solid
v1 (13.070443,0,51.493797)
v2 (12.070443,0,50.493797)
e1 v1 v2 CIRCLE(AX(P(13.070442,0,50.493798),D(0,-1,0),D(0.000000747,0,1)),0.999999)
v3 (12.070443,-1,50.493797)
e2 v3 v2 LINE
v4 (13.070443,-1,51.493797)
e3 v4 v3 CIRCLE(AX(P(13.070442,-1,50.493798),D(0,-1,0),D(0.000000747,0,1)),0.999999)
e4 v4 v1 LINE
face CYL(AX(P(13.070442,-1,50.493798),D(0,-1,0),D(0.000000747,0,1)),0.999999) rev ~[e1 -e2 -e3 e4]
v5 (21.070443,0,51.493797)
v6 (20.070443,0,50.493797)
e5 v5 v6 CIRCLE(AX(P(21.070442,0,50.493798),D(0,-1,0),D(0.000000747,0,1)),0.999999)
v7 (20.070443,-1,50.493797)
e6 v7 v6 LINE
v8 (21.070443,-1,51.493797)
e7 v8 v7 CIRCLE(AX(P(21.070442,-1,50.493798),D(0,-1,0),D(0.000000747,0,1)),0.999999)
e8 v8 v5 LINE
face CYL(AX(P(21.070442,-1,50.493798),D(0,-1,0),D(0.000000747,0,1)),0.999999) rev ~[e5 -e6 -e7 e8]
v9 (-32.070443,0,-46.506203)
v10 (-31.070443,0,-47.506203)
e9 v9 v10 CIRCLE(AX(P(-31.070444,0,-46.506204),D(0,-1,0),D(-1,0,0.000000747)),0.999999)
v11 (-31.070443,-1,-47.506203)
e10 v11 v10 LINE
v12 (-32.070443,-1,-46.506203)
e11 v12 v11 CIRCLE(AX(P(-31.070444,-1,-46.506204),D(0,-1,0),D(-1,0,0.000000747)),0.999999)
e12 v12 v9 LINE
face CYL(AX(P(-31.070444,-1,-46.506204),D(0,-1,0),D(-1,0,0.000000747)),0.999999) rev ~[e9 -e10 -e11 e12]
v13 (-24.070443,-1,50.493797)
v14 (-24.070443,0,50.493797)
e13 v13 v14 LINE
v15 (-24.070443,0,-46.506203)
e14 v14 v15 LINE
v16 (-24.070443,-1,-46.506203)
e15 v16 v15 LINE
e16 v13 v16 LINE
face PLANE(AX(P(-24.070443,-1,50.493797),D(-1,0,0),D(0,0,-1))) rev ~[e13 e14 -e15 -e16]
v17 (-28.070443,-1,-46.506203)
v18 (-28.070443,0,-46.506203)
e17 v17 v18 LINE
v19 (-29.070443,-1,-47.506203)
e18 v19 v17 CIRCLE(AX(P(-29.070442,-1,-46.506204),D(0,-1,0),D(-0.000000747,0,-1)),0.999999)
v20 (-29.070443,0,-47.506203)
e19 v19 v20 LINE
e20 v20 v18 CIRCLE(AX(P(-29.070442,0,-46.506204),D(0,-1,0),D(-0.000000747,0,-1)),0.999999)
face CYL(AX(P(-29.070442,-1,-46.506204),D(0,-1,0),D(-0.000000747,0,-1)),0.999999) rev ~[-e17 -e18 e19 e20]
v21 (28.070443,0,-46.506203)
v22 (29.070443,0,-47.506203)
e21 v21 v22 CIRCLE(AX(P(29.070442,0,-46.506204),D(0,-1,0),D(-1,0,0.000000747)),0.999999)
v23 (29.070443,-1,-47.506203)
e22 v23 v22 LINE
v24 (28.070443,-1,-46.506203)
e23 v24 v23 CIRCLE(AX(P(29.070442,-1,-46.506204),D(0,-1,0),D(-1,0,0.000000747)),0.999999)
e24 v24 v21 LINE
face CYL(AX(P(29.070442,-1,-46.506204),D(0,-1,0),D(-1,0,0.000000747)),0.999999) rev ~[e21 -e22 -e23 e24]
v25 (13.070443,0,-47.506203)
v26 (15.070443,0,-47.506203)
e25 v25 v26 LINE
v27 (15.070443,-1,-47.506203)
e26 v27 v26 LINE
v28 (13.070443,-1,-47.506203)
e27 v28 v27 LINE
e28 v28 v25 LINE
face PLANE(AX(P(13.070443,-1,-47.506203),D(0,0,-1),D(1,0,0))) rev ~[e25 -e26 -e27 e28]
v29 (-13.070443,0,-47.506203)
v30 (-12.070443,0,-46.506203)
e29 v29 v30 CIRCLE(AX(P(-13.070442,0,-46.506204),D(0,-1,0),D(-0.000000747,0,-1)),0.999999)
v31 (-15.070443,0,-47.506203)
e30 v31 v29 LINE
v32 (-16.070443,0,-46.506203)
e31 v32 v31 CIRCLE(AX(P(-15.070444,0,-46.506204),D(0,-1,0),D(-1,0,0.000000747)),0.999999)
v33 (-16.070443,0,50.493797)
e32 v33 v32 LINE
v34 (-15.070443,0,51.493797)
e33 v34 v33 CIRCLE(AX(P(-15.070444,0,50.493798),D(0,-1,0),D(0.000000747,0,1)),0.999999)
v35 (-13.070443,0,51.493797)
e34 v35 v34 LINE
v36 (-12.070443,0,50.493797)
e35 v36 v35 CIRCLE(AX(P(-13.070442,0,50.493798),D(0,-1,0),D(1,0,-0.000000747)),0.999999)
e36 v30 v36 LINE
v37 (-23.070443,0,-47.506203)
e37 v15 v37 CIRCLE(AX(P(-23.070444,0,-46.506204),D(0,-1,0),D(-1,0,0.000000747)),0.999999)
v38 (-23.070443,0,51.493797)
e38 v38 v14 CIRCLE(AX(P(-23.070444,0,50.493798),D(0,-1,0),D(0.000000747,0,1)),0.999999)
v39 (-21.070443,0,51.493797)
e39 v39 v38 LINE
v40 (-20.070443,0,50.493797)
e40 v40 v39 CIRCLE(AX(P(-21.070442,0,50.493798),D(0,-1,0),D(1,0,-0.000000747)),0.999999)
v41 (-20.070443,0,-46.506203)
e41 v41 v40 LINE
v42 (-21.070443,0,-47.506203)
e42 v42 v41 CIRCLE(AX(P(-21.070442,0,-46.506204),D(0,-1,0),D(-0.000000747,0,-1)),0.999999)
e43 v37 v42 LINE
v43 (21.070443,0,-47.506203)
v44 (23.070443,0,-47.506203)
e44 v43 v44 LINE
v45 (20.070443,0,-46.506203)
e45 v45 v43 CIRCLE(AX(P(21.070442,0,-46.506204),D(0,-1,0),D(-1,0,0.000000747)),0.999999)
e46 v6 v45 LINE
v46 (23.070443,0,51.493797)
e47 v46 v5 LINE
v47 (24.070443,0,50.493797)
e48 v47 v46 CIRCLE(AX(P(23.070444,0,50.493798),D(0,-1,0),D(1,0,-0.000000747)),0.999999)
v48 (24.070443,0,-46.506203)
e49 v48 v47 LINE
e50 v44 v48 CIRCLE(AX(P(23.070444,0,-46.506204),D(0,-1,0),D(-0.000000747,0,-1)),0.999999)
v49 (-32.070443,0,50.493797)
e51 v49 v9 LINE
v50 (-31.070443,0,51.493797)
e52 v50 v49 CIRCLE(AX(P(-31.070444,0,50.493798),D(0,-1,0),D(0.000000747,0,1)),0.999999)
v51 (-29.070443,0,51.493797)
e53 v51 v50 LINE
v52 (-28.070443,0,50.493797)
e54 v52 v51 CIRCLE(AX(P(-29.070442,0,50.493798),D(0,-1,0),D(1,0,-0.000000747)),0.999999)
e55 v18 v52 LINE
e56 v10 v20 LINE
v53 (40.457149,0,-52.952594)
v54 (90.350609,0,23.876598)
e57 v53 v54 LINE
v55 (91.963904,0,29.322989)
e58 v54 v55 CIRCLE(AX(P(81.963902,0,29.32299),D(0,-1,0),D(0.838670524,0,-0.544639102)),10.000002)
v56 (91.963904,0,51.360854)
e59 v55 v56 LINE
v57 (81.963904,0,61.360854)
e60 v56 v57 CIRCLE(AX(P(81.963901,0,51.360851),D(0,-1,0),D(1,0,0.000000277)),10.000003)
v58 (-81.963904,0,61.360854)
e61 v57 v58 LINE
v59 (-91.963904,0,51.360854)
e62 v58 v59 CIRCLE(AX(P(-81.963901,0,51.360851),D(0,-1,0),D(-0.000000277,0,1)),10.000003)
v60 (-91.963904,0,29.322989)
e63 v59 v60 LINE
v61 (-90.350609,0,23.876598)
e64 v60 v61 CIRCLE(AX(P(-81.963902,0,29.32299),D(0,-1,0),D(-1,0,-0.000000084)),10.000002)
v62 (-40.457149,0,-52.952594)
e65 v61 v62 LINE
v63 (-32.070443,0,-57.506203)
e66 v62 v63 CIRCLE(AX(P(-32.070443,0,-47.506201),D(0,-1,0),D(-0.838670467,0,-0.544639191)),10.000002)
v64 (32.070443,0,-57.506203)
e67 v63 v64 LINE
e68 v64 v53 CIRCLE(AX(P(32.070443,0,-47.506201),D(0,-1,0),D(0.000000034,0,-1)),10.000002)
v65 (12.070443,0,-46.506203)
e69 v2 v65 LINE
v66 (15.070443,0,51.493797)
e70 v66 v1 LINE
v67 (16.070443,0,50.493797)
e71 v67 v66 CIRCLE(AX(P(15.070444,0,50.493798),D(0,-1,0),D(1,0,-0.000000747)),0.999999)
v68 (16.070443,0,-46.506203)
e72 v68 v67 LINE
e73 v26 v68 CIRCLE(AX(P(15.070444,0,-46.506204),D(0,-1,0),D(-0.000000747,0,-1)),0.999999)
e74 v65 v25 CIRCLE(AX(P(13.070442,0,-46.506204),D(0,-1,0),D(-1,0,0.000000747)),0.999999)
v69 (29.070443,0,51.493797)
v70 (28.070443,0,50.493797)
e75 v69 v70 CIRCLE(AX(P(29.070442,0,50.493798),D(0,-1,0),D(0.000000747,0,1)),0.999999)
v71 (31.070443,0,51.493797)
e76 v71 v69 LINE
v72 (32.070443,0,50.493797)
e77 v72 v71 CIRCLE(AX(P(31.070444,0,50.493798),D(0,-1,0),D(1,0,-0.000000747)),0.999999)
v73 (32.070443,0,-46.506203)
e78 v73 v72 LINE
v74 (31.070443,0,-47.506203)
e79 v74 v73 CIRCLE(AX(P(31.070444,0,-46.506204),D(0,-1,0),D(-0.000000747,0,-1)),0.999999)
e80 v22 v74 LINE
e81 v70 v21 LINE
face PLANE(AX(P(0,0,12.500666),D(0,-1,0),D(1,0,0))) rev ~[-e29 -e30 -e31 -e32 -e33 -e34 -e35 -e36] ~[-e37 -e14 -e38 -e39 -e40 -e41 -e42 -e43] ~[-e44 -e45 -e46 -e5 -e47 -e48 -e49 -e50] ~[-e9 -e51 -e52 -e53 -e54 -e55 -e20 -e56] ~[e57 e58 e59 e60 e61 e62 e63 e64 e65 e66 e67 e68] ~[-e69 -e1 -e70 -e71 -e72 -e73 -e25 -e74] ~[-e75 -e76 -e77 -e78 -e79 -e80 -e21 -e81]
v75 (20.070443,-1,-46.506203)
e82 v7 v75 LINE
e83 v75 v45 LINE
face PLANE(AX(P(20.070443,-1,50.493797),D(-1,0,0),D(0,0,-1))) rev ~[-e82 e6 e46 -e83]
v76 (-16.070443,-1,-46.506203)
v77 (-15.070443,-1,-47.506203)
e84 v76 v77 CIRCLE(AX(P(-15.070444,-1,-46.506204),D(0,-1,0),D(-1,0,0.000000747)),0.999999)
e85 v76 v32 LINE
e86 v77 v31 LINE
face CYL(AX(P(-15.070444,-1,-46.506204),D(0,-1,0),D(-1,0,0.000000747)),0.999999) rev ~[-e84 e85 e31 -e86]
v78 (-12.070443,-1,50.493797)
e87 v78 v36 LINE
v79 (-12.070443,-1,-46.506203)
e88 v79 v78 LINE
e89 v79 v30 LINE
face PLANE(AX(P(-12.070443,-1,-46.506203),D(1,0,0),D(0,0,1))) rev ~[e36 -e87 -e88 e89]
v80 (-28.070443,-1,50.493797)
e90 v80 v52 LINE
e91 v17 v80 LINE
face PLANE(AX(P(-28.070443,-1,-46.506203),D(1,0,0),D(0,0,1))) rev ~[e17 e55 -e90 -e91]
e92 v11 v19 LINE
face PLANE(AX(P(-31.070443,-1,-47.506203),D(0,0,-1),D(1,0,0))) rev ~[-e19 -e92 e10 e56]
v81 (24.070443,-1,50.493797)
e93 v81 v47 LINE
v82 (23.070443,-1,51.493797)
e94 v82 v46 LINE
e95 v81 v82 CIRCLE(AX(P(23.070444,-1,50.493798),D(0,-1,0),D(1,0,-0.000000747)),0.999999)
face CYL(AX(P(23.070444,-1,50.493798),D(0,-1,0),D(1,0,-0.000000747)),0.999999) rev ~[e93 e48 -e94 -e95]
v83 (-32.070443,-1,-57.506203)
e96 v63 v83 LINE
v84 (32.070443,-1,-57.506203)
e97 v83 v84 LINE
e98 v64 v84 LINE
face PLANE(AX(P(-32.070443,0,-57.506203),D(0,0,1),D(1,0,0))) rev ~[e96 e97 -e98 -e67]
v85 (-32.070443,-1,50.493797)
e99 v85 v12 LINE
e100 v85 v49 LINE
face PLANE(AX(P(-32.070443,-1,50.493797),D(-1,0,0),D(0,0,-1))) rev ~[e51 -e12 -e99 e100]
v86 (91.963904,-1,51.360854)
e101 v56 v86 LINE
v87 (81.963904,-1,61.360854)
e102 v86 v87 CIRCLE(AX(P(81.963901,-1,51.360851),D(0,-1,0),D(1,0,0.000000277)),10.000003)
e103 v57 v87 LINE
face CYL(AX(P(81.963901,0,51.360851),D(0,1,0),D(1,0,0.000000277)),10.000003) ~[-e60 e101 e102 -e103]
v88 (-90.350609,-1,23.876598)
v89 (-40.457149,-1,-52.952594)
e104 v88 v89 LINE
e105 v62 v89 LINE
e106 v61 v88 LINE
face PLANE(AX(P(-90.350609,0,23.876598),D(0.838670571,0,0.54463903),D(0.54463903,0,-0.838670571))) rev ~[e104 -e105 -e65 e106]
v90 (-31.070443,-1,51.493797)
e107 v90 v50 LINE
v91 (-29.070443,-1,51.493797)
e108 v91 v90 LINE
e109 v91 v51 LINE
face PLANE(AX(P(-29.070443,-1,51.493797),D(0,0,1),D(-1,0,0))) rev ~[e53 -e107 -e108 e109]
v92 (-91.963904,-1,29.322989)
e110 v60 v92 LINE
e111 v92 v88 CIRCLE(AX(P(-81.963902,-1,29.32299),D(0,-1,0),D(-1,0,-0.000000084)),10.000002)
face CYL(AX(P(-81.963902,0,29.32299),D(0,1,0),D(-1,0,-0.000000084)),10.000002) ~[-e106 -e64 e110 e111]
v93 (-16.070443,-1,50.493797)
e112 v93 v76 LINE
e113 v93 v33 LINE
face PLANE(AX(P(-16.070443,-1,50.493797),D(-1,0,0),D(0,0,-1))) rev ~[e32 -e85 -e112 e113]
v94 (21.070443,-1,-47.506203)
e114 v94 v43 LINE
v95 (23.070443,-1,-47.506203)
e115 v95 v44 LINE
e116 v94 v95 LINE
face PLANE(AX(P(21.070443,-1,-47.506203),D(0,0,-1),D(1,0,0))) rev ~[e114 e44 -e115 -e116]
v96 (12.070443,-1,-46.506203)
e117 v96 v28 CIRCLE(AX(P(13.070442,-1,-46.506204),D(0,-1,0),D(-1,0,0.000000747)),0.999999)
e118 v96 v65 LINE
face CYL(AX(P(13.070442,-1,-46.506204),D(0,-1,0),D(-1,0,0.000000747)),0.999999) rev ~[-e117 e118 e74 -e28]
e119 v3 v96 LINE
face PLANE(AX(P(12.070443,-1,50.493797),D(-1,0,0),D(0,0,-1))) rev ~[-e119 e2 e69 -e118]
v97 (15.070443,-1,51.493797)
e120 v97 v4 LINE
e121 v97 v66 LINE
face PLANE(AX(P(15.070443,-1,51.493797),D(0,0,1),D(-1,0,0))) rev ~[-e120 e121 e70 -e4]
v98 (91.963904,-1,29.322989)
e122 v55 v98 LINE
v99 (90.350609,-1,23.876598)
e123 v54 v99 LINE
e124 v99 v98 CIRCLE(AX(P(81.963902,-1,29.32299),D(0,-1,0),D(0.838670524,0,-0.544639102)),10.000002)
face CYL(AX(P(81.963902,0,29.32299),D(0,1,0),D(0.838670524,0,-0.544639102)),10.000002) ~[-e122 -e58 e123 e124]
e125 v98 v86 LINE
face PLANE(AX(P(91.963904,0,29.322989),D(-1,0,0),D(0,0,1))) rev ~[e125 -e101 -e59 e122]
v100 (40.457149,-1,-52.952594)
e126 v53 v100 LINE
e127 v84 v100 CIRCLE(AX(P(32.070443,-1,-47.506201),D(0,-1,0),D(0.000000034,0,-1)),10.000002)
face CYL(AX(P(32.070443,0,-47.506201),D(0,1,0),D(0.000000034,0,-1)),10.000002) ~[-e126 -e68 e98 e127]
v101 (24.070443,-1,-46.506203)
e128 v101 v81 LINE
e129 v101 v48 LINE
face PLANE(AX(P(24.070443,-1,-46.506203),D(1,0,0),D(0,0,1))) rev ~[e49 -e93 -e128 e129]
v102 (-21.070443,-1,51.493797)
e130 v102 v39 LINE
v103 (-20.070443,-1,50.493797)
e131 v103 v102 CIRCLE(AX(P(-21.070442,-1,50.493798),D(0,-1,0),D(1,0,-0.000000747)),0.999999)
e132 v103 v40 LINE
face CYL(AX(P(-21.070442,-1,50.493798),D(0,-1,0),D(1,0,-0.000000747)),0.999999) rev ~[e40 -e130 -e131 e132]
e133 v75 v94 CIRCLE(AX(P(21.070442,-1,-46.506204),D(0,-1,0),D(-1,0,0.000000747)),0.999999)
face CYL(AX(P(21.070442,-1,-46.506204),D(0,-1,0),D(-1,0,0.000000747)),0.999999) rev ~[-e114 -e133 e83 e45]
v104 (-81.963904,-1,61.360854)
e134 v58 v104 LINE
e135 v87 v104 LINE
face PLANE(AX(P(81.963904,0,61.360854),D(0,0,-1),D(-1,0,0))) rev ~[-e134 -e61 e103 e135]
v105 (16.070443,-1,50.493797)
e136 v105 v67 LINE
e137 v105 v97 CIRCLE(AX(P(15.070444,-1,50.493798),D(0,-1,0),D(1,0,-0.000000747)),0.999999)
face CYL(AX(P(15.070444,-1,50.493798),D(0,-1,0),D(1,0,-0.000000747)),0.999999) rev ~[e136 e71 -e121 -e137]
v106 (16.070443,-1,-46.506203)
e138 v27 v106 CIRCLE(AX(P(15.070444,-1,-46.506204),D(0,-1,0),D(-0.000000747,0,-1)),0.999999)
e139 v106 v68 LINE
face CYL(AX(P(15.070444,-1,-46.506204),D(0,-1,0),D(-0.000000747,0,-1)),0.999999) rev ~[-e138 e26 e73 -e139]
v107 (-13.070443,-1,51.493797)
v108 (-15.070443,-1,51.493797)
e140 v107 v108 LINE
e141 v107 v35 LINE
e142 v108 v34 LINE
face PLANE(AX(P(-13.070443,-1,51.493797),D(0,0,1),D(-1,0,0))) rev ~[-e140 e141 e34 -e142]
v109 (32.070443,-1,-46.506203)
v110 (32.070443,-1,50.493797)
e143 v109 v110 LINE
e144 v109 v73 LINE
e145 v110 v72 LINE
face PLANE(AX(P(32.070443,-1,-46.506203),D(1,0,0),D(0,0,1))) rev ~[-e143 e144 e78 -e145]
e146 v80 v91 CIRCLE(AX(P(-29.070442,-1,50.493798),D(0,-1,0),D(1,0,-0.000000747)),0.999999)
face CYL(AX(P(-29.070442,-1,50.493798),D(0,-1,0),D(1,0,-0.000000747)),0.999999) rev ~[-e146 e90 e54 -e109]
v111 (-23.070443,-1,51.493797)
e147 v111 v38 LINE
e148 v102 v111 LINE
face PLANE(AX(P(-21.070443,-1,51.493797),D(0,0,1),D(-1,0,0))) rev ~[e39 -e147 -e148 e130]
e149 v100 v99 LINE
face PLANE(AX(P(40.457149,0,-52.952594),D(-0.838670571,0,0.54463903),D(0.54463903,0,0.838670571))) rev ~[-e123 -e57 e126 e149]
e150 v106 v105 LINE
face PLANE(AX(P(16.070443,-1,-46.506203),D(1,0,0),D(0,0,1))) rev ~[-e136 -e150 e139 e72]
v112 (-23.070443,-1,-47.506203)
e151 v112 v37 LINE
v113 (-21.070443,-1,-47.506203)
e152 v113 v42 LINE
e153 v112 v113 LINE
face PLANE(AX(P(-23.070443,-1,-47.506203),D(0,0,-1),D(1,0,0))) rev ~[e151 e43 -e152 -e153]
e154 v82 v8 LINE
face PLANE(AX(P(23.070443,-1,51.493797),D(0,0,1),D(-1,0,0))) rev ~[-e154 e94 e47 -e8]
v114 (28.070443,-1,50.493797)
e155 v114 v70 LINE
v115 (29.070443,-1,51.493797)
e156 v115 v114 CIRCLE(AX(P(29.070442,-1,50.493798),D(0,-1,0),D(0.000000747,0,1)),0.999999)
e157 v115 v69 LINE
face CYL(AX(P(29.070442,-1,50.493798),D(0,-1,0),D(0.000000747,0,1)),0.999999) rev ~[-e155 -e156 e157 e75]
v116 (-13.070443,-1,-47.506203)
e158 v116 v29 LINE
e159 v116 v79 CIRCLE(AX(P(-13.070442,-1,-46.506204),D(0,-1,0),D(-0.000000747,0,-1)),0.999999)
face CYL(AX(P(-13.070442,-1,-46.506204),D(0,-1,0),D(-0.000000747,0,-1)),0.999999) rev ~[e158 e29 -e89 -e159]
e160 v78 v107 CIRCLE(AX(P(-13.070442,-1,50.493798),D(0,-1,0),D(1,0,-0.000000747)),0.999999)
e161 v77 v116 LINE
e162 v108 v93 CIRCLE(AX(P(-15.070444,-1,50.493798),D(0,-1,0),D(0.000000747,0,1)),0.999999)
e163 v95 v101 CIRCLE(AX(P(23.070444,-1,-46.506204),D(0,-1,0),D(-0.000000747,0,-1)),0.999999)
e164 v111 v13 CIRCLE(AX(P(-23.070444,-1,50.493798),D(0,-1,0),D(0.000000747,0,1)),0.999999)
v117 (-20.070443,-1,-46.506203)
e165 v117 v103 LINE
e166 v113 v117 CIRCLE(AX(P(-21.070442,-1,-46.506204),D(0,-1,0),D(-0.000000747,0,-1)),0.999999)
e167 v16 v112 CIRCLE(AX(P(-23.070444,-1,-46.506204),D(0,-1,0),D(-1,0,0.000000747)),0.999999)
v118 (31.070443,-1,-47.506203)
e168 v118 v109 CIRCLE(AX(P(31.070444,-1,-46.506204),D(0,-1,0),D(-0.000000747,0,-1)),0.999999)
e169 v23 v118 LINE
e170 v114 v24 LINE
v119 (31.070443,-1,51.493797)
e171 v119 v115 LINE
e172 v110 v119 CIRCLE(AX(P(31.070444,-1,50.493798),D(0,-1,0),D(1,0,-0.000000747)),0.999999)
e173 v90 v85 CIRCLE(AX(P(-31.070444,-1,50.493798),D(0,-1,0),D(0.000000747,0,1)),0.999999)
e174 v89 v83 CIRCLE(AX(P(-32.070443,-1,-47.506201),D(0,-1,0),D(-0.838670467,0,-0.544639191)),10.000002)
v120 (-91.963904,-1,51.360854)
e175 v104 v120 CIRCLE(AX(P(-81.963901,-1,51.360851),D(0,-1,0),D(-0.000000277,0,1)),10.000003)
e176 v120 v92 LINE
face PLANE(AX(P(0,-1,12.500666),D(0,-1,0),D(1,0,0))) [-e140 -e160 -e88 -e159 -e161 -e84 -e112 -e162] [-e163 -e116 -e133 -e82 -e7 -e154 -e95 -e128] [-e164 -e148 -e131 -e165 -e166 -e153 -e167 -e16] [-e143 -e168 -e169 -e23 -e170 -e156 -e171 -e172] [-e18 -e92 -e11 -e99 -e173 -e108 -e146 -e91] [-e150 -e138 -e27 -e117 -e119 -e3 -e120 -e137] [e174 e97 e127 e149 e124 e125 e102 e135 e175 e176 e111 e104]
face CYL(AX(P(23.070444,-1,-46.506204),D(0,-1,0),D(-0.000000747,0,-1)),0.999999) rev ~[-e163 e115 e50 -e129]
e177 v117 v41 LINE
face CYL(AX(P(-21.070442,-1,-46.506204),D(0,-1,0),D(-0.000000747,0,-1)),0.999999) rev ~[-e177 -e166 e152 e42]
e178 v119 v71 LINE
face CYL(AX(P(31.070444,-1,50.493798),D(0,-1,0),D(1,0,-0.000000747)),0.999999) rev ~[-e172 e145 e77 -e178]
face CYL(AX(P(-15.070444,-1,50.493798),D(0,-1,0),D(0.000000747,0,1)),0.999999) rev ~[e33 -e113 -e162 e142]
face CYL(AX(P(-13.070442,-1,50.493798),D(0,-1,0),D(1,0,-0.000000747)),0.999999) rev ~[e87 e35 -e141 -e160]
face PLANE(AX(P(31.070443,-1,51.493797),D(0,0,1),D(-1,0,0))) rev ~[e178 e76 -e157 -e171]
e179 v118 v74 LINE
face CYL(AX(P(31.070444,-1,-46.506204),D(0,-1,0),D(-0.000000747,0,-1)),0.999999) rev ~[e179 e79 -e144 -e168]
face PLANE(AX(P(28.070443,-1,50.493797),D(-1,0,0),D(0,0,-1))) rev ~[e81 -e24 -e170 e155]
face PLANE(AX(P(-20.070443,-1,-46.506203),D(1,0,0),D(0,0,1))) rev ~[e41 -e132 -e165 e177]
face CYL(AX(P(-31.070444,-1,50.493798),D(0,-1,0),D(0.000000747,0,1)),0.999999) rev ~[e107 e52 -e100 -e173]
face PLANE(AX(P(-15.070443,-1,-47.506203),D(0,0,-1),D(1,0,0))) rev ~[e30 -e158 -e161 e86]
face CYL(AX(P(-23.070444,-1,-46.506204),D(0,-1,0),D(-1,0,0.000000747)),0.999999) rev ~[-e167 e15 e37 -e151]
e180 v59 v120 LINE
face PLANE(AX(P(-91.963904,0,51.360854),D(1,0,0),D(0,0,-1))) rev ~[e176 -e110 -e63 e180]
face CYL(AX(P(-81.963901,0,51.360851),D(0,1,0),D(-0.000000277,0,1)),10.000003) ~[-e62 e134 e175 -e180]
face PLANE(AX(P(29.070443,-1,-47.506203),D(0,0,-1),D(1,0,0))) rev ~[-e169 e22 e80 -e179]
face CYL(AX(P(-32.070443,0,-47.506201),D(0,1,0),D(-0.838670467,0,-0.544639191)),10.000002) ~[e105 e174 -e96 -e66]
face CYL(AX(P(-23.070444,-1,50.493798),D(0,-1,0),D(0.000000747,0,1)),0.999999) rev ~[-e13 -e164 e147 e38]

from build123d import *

# Parameters (mm, degrees)
F1_DEPTH = 1
F3_DEPTH = 1.001


with BuildPart() as f1:
    # F0 (on Front) → F1 (new body)
    with BuildSketch(Plane.XZ):
        with BuildLine():
            Line((-32.070443, -57.506203), (0, -57.506203))
            Line((0, -57.506203), (32.070443, -57.506203))
            ThreePointArc((32.070443, -57.506203), (36.842031, -56.294374), (40.457149, -52.952594))
            Line((40.457149, -52.952594), (90.350609, 23.876598))
            ThreePointArc((90.350609, 23.876598), (91.552101, 26.482835), (91.963904, 29.322989))
            Line((91.963904, 29.322989), (91.963904, 51.360854))
            ThreePointArc((91.963904, 51.360854), (89.034971, 58.431921), (81.963904, 61.360854))
            Line((81.963904, 61.360854), (-81.963904, 61.360854))
            ThreePointArc((-81.963904, 61.360854), (-89.034971, 58.431921), (-91.963904, 51.360854))
            Line((-91.963904, 51.360854), (-91.963904, 29.322989))
            ThreePointArc((-91.963904, 29.322989), (-91.552101, 26.482835), (-90.350609, 23.876598))
            Line((-90.350609, 23.876598), (-40.457149, -52.952594))
            ThreePointArc((-40.457149, -52.952594), (-36.842031, -56.294374), (-32.070443, -57.506203))
        make_face()
    extrude(amount=F1_DEPTH)

    # F2 (on face) → F3 (cut, through all)
    with BuildSketch(Plane.XZ.offset(1)):
        with BuildLine():
            ThreePointArc((-32.070443, -46.506203), (-31.77755, -47.21331), (-31.070443, -47.506203))
            Line((-31.070443, -47.506203), (-29.070443, -47.506203))
            ThreePointArc((-29.070443, -47.506203), (-28.363336, -47.21331), (-28.070443, -46.506203))
            Line((-28.070443, -46.506203), (-28.070443, 50.493797))
            ThreePointArc((-28.070443, 50.493797), (-28.363336, 51.200904), (-29.070443, 51.493797))
            Line((-29.070443, 51.493797), (-31.070443, 51.493797))
            ThreePointArc((-31.070443, 51.493797), (-31.77755, 51.200904), (-32.070443, 50.493797))
            Line((-32.070443, 50.493797), (-32.070443, -46.506203))
        make_face()
        with BuildLine():
            ThreePointArc((-24.070443, -46.506203), (-23.77755, -47.21331), (-23.070443, -47.506203))
            Line((-23.070443, -47.506203), (-21.070443, -47.506203))
            ThreePointArc((-21.070443, -47.506203), (-20.363336, -47.21331), (-20.070443, -46.506203))
            Line((-20.070443, -46.506203), (-20.070443, 50.493797))
            ThreePointArc((-20.070443, 50.493797), (-20.363336, 51.200904), (-21.070443, 51.493797))
            Line((-21.070443, 51.493797), (-23.070443, 51.493797))
            ThreePointArc((-23.070443, 51.493797), (-23.77755, 51.200904), (-24.070443, 50.493797))
            Line((-24.070443, 50.493797), (-24.070443, -46.506203))
        make_face()
        with BuildLine():
            ThreePointArc((-16.070443, -46.506203), (-15.77755, -47.21331), (-15.070443, -47.506203))
            Line((-15.070443, -47.506203), (-13.070443, -47.506203))
            ThreePointArc((-13.070443, -47.506203), (-12.363336, -47.21331), (-12.070443, -46.506203))
            Line((-12.070443, -46.506203), (-12.070443, 50.493797))
            ThreePointArc((-12.070443, 50.493797), (-12.363336, 51.200904), (-13.070443, 51.493797))
            Line((-13.070443, 51.493797), (-15.070443, 51.493797))
            ThreePointArc((-15.070443, 51.493797), (-15.77755, 51.200904), (-16.070443, 50.493797))
            Line((-16.070443, 50.493797), (-16.070443, -46.506203))
        make_face()
        with BuildLine():
            ThreePointArc((15.070443, -47.506203), (15.77755, -47.21331), (16.070443, -46.506203))
            Line((16.070443, -46.506203), (16.070443, 50.493797))
            ThreePointArc((16.070443, 50.493797), (15.77755, 51.200904), (15.070443, 51.493797))
            Line((15.070443, 51.493797), (13.070443, 51.493797))
            ThreePointArc((13.070443, 51.493797), (12.363336, 51.200904), (12.070443, 50.493797))
            Line((12.070443, 50.493797), (12.070443, -46.506203))
            ThreePointArc((12.070443, -46.506203), (12.363336, -47.21331), (13.070443, -47.506203))
            Line((13.070443, -47.506203), (15.070443, -47.506203))
        make_face()
        with BuildLine():
            ThreePointArc((20.070443, -46.506203), (20.363336, -47.21331), (21.070443, -47.506203))
            Line((21.070443, -47.506203), (23.070443, -47.506203))
            ThreePointArc((23.070443, -47.506203), (23.77755, -47.21331), (24.070443, -46.506203))
            Line((24.070443, -46.506203), (24.070443, 50.493797))
            ThreePointArc((24.070443, 50.493797), (23.77755, 51.200904), (23.070443, 51.493797))
            Line((23.070443, 51.493797), (21.070443, 51.493797))
            ThreePointArc((21.070443, 51.493797), (20.363336, 51.200904), (20.070443, 50.493797))
            Line((20.070443, 50.493797), (20.070443, -46.506203))
        make_face()
        with BuildLine():
            ThreePointArc((28.070443, -46.506203), (28.363336, -47.21331), (29.070443, -47.506203))
            Line((29.070443, -47.506203), (31.070443, -47.506203))
            ThreePointArc((31.070443, -47.506203), (31.77755, -47.21331), (32.070443, -46.506203))
            Line((32.070443, -46.506203), (32.070443, 50.493797))
            ThreePointArc((32.070443, 50.493797), (31.77755, 51.200904), (31.070443, 51.493797))
            Line((31.070443, 51.493797), (29.070443, 51.493797))
            ThreePointArc((29.070443, 51.493797), (28.363336, 51.200904), (28.070443, 50.493797))
            Line((28.070443, 50.493797), (28.070443, -46.506203))
        make_face()
    extrude(amount=-F3_DEPTH, mode=Mode.SUBTRACT)


solid = f1.part
